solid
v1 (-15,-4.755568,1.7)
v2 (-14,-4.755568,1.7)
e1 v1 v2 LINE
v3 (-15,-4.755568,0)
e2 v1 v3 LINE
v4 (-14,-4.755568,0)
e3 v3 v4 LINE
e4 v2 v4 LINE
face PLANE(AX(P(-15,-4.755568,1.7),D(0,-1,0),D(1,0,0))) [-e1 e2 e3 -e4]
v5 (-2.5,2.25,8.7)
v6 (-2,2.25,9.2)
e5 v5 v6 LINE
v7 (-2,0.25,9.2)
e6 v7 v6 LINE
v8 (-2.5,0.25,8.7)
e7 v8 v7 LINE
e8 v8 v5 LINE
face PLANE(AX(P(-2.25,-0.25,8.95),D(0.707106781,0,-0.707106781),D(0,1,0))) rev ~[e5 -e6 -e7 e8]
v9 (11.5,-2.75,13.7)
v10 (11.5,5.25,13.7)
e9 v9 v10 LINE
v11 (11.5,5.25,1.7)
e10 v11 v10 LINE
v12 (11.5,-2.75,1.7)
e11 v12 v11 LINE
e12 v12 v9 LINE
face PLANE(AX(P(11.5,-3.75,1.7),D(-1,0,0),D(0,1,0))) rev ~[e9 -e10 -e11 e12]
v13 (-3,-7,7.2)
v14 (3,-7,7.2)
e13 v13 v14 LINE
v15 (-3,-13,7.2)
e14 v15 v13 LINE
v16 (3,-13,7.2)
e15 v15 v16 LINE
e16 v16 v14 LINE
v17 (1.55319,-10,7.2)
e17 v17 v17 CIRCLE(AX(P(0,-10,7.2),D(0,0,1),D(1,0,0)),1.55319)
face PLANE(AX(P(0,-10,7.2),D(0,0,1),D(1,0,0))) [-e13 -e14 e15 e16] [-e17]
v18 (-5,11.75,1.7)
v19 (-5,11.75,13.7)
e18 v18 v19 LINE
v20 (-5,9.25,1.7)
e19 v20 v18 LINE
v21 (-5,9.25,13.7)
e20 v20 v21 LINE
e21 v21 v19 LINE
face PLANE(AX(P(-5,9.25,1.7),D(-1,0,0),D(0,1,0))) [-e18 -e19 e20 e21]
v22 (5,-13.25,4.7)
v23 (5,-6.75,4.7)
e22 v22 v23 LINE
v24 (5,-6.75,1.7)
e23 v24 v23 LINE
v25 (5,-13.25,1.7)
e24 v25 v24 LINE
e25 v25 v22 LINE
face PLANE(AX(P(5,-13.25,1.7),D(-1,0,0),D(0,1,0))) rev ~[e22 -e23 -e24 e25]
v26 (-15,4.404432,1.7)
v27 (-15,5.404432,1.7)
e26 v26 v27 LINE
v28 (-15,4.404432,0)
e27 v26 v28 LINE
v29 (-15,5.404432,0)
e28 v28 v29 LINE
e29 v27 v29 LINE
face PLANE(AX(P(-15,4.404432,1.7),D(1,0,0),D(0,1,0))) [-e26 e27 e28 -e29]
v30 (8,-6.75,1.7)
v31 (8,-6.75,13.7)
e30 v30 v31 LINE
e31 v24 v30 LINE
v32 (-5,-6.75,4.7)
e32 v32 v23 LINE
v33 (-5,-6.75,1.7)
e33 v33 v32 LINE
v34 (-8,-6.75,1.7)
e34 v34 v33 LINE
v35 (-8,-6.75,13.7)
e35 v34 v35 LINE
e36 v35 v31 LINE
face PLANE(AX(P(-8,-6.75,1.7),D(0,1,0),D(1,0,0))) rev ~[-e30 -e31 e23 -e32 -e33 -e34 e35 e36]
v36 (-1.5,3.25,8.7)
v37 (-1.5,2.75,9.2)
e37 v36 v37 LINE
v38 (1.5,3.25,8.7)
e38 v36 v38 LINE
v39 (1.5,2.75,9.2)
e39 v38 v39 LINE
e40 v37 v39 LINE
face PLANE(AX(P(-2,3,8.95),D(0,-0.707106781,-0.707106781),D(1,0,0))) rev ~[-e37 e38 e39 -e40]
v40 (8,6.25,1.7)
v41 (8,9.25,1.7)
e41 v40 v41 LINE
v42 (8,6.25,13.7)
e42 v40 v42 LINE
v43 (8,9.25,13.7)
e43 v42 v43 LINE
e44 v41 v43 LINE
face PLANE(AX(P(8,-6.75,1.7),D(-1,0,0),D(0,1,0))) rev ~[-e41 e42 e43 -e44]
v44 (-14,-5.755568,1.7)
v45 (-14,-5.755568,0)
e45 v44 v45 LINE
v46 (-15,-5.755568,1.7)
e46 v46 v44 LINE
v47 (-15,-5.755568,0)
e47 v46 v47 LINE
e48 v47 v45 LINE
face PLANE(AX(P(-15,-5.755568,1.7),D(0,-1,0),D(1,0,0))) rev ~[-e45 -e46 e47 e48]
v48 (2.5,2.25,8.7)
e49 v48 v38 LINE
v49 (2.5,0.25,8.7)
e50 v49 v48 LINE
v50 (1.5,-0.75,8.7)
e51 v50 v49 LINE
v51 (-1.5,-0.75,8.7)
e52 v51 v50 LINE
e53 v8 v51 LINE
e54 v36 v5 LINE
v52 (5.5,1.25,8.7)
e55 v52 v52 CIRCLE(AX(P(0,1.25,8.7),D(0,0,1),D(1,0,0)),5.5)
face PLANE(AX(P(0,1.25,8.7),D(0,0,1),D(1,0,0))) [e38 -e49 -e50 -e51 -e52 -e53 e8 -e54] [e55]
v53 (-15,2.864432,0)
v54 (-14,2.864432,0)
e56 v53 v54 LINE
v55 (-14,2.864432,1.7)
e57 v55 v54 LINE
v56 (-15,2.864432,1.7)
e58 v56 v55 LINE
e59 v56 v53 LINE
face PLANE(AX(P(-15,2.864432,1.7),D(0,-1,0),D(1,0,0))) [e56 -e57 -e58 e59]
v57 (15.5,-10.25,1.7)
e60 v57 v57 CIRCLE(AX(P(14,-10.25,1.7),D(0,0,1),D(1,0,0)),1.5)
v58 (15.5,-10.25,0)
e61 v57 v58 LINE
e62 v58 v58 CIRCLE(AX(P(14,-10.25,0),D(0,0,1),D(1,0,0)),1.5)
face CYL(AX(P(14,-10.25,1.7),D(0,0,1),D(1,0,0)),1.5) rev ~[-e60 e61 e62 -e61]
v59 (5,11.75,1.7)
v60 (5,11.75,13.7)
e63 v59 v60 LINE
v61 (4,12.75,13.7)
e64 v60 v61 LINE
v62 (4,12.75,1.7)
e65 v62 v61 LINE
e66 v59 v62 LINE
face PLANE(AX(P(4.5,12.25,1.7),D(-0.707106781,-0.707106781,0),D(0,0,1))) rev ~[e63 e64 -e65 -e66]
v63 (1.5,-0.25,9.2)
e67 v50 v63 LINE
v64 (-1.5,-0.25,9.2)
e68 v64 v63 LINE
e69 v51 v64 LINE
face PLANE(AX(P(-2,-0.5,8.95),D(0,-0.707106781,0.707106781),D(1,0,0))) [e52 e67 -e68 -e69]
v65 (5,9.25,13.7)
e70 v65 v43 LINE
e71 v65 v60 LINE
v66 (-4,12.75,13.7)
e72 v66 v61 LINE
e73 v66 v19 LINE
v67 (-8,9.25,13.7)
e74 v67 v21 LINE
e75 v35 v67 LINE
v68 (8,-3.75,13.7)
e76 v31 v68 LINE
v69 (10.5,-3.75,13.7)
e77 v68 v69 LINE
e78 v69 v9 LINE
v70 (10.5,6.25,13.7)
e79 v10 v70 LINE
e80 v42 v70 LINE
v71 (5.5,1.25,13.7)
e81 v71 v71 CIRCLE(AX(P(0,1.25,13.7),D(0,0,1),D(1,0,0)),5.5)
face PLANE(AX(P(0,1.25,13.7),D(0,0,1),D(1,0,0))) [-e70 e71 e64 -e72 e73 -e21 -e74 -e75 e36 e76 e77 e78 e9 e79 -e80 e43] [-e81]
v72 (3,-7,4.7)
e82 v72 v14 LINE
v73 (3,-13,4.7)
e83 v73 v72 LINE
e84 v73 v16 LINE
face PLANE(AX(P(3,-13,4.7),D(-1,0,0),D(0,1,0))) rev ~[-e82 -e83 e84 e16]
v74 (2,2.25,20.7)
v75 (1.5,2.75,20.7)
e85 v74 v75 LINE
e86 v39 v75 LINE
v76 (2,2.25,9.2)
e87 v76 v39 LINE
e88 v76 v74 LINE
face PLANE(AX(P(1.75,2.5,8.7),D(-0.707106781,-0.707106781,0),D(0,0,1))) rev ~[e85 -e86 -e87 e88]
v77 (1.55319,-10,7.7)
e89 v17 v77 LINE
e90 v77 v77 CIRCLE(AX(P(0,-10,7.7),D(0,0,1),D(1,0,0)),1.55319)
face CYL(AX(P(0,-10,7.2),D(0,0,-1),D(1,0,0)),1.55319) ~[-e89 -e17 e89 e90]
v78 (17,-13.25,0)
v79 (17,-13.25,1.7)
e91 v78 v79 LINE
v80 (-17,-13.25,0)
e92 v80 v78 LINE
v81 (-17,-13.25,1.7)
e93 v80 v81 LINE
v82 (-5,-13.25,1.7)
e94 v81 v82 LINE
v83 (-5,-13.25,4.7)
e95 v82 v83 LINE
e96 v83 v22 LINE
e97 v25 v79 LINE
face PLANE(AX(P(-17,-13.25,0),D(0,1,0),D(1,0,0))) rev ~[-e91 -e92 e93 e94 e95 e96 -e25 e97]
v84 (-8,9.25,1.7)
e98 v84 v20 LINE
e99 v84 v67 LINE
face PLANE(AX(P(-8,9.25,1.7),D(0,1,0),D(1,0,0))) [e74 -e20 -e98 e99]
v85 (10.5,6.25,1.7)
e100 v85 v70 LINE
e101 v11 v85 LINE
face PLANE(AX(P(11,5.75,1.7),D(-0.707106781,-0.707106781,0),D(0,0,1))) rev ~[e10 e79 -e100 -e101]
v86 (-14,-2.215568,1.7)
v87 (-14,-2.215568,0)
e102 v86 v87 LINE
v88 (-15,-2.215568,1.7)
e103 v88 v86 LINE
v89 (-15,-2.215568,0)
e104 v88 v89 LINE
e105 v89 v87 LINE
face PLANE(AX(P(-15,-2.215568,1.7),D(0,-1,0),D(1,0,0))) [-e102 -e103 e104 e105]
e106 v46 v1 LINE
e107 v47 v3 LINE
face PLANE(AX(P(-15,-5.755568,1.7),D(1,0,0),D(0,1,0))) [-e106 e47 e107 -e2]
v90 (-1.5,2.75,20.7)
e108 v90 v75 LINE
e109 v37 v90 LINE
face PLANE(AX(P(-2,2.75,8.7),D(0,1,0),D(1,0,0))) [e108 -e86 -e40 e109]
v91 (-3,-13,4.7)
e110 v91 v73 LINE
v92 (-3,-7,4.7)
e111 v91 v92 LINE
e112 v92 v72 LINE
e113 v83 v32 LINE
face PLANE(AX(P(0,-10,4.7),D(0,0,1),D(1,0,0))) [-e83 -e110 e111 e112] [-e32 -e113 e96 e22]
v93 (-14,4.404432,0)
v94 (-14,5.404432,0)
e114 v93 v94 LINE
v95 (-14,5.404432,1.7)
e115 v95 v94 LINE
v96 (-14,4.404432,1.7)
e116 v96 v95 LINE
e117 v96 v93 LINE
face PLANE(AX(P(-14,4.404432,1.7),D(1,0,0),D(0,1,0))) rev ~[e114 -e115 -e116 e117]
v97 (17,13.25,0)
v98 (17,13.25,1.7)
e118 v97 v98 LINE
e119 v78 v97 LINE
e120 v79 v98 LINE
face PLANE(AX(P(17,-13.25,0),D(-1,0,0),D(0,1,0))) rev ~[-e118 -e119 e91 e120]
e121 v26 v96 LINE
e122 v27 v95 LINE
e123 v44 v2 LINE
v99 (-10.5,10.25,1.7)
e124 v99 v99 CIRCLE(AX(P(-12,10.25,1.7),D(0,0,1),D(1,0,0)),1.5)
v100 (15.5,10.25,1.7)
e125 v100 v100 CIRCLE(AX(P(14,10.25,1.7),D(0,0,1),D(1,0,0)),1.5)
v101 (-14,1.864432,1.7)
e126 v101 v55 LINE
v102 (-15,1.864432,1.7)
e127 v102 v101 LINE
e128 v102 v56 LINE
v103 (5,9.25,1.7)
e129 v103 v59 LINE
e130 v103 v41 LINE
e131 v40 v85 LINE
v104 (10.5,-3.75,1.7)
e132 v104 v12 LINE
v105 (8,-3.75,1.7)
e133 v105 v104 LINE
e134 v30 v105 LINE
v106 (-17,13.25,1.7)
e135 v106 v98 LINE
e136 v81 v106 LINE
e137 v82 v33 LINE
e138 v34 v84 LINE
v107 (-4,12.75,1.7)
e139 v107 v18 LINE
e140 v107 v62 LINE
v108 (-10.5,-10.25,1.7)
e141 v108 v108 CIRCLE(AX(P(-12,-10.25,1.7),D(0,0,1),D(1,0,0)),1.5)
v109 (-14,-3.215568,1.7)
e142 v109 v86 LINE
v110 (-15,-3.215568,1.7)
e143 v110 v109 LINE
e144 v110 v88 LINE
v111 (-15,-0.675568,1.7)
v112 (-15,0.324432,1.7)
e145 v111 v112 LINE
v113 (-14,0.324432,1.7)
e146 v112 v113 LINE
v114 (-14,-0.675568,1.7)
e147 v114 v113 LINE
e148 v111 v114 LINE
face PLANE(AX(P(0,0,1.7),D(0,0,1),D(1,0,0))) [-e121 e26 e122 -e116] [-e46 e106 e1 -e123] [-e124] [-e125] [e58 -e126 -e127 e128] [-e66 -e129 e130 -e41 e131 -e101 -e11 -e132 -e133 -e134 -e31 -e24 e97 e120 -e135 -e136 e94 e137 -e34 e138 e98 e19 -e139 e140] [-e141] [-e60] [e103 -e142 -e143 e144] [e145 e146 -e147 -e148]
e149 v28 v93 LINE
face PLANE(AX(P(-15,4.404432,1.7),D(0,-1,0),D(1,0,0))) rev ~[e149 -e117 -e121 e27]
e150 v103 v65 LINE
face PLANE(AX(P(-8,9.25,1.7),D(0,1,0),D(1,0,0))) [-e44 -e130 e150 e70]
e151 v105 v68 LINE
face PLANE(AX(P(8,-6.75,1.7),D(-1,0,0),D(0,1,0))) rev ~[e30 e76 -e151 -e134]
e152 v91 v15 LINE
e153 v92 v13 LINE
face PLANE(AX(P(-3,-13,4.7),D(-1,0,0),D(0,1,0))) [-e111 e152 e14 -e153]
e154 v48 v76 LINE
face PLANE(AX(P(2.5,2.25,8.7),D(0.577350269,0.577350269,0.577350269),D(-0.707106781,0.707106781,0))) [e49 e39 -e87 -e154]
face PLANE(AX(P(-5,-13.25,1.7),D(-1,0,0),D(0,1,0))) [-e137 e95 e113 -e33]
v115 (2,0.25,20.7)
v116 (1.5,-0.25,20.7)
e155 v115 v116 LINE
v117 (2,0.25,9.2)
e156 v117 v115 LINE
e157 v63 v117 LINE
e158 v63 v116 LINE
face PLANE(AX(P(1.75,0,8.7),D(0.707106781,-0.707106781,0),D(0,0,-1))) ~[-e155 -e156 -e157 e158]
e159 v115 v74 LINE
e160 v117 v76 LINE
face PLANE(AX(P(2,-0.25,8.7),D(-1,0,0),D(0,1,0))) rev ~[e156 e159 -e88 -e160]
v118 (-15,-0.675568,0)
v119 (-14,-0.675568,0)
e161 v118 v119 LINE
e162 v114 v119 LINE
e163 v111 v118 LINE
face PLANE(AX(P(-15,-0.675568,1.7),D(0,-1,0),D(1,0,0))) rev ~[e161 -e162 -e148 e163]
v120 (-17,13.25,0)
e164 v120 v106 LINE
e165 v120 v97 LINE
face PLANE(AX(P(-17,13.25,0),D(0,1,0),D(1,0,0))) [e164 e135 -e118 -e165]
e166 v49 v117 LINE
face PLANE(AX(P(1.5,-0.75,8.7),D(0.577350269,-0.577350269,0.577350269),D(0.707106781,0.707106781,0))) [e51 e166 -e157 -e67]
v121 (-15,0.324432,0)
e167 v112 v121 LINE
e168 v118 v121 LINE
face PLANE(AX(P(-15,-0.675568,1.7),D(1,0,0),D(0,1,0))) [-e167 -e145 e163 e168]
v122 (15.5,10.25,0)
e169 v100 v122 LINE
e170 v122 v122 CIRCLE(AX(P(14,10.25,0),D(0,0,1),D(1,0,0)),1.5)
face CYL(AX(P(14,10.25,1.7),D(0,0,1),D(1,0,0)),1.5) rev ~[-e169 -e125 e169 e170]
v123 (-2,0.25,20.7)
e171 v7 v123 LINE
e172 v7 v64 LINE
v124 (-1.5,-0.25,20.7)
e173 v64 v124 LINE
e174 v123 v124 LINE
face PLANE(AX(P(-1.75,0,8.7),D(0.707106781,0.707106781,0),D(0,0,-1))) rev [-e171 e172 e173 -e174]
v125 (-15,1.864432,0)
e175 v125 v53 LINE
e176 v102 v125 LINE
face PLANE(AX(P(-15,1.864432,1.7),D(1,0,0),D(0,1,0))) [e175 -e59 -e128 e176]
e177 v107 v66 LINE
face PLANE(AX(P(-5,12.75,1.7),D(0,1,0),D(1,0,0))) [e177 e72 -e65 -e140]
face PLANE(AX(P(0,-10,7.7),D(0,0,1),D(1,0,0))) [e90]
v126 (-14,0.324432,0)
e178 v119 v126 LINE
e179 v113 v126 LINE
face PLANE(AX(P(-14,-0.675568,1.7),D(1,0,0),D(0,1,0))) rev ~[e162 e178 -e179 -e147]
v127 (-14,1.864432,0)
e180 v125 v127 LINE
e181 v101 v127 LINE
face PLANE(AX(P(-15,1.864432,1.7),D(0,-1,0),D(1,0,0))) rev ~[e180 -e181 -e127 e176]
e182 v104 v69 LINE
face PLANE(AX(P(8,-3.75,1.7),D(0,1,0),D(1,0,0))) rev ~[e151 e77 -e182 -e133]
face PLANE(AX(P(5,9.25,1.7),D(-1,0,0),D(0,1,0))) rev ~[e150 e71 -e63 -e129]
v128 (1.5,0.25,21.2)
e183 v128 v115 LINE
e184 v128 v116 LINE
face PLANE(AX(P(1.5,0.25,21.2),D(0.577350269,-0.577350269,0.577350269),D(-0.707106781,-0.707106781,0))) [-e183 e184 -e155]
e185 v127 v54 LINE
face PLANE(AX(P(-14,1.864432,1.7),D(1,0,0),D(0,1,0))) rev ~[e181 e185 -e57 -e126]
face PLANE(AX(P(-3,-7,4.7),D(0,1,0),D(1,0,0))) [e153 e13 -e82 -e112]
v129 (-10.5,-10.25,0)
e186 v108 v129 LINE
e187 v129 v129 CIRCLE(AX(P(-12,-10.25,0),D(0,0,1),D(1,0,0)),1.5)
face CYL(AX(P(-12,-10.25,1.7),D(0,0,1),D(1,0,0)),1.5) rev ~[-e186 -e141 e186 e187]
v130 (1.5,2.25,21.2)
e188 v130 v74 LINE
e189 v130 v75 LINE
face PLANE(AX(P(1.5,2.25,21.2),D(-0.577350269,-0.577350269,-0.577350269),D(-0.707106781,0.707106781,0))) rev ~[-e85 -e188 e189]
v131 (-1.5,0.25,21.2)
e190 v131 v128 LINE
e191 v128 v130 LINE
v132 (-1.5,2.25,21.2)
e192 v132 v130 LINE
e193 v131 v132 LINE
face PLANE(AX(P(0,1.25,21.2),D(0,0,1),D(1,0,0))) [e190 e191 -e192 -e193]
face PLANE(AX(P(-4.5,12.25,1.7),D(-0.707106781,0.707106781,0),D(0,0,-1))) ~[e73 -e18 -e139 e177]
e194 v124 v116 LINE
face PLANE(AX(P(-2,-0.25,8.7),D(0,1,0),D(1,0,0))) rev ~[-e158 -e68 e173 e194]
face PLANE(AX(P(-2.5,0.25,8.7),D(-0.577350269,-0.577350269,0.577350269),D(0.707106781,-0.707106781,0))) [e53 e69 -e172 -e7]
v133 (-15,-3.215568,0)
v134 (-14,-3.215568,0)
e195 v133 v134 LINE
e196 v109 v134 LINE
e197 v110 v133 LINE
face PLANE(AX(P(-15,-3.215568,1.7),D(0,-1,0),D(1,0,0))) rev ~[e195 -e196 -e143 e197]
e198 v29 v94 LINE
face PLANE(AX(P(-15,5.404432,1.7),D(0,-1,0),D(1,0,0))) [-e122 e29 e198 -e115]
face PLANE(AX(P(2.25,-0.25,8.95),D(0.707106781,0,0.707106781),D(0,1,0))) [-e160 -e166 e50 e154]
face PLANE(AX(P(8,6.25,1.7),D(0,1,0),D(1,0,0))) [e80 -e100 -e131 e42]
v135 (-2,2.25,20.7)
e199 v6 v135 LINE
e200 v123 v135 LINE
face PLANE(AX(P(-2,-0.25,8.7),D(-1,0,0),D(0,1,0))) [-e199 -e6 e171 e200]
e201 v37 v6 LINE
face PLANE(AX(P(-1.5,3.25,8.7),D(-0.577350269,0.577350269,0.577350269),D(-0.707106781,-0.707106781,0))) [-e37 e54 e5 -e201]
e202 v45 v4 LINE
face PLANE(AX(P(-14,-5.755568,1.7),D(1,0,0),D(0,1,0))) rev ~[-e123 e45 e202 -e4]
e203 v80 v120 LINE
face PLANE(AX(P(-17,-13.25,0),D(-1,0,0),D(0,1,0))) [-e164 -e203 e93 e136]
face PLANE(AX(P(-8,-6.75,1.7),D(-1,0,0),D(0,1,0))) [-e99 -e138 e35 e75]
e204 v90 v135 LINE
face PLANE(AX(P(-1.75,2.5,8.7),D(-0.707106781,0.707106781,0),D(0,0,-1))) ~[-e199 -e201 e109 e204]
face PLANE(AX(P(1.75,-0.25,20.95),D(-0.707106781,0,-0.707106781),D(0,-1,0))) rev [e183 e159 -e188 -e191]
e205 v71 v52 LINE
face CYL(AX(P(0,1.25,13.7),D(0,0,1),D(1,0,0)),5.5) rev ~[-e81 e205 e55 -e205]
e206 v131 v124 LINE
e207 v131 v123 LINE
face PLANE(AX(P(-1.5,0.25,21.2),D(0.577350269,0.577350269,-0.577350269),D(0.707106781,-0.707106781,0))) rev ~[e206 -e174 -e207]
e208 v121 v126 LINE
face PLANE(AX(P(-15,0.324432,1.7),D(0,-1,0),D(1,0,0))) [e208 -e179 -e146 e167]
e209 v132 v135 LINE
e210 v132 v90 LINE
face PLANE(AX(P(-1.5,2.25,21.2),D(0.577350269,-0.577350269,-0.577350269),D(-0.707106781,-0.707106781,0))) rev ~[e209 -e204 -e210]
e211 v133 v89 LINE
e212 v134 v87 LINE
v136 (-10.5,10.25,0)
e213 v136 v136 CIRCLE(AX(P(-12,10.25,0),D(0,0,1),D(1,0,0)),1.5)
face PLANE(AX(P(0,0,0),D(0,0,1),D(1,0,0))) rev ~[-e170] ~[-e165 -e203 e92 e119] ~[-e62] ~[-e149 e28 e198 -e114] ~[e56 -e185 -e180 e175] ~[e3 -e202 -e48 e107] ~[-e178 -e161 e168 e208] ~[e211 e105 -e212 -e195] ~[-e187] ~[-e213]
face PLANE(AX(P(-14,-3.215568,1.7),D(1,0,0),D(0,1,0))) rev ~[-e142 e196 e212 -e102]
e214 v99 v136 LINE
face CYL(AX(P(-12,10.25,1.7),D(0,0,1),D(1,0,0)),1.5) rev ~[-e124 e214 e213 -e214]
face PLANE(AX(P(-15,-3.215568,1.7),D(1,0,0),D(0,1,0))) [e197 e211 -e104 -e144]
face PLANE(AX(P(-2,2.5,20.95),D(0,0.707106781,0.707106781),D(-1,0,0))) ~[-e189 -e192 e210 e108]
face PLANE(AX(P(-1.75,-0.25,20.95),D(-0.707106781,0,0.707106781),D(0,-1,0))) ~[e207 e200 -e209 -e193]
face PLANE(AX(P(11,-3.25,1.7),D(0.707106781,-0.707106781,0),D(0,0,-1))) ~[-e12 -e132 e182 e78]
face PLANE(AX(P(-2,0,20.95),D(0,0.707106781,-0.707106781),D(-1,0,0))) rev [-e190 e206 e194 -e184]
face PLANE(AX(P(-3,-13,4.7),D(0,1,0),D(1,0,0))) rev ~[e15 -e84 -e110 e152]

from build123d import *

# Parameters (mm, degrees)
SKETCH_1_W          = 34
SKETCH_1_H          = 26.5
EXTRUDE_1_DEPTH     = 1.7
SKETCH_2_W          = 16
SKETCH_2_H          = 16
EXTRUDE_2_DEPTH     = 12
SKETCH_3_W          = 10
SKETCH_3_H          = 6.5
EXTRUDE_3_DEPTH     = 3
SKETCH_4_W          = 6
SKETCH_4_H          = 6
EXTRUDE_4_DEPTH     = 2.5
SKETCH_5_R          = 1.553190153
EXTRUDE_5_DEPTH     = 0.5
SKETCH_6_W          = 10
SKETCH_6_H          = 3.5
SKETCH_6_W_2        = 3.5
SKETCH_6_H_2        = 10
EXTRUDE_6_DEPTH     = 12
CHAMFER_1_SIZE      = 1
SKETCH_7_R          = 5.5
CUT_EXTRUDE_1_DEPTH = 5
SKETCH_8_W          = 4
SKETCH_8_H          = 3
EXTRUDE_7_DEPTH     = 12.5
CHAMFER_2_SIZE      = 0.5
SKETCH_9_R          = 1.5
CUT_EXTRUDE_2_DEPTH = 30.065658431
SKETCH_10_W         = 1
SKETCH_10_H         = 1
CUT_EXTRUDE_3_DEPTH = 30.065658431


with BuildPart() as part:
    # Эскиз1 → Бобышка-Вытянуть1 (new body)
    with BuildSketch(Plane.XY):
        Rectangle(SKETCH_1_W, SKETCH_1_H)
    extrude(amount=EXTRUDE_1_DEPTH)

    # Эскиз2 → Бобышка-Вытянуть2 (add)
    with BuildSketch(Plane.XY.offset(1.7)):
        with Locations((0, 1.25)):
            Rectangle(SKETCH_2_W, SKETCH_2_H)
    extrude(amount=EXTRUDE_2_DEPTH)

    # Эскиз3 → Бобышка-Вытянуть3 (add)
    with BuildSketch(Plane.XY.offset(1.7)):
        with Locations((0, -10)):
            Rectangle(SKETCH_3_W, SKETCH_3_H)
    extrude(amount=EXTRUDE_3_DEPTH)

    # Эскиз4 → Бобышка-Вытянуть4 (add)
    with BuildSketch(Plane.XY.offset(4.7)):
        with Locations((0, -10)):
            Rectangle(SKETCH_4_W, SKETCH_4_H)
    extrude(amount=EXTRUDE_4_DEPTH)

    # Эскиз5 → Бобышка-Вытянуть5 (add)
    with BuildSketch(Plane.XY.offset(7.2)):
        with Locations((0, -10)):
            Circle(SKETCH_5_R)
    extrude(amount=EXTRUDE_5_DEPTH)

    # Эскиз6 → Бобышка-Вытянуть6 (add)
    with BuildSketch(Plane.XY.offset(1.7)):
        with Locations((0, 11)):
            Rectangle(SKETCH_6_W, SKETCH_6_H)
        with Locations((9.75, 1.25)):
            Rectangle(SKETCH_6_W_2, SKETCH_6_H_2)
    extrude(amount=EXTRUDE_6_DEPTH)

    # Фаска1
    chamfer_1_edges = [part.edges().sort_by_distance(p)[0] for p in [
        (5, 12.75, 7.7),
        (-5, 12.75, 7.7),
        (11.5, -3.75, 7.7),
        (11.5, 6.25, 7.7),
    ]]
    chamfer(chamfer_1_edges, length=CHAMFER_1_SIZE)

    # Эскиз7 → Вырез-Вытянуть1 (cut)
    with BuildSketch(Plane.XY.offset(13.7)):
        with Locations((0, 1.25)):
            Circle(SKETCH_7_R)
    extrude(amount=-CUT_EXTRUDE_1_DEPTH, mode=Mode.SUBTRACT)

    # Эскиз8 → Бобышка-Вытянуть7 (add)
    with BuildSketch(Plane.XY.offset(8.7)):
        with Locations((0, 1.25)):
            Rectangle(SKETCH_8_W, SKETCH_8_H)
    extrude(amount=EXTRUDE_7_DEPTH)

    # Фаска2
    chamfer_2_edges = [part.edges().sort_by_distance(p)[0] for p in [
        (2, 1.25, 8.7),
        (2, -0.25, 14.95),
        (0, 2.75, 8.7),
        (2, 2.75, 14.95),
        (-2, 1.25, 8.7),
        (-2, 2.75, 14.95),
        (0, -0.25, 8.7),
        (-2, -0.25, 14.95),
        (2, 1.25, 21.2),
        (0, 2.75, 21.2),
        (-2, 1.25, 21.2),
        (0, -0.25, 21.2),
    ]]
    chamfer(chamfer_2_edges, length=CHAMFER_2_SIZE)

    # Эскиз9 → Вырез-Вытянуть2 (cut, through all)
    with BuildSketch(Plane.XY.offset(1.7)):
        with Locations((14, 10.25)):
            Circle(SKETCH_9_R)
        with Locations((14, -10.25)):
            Circle(SKETCH_9_R)
        with Locations((-12, 10.25)):
            Circle(SKETCH_9_R)
        with Locations((-12, -10.25)):
            Circle(SKETCH_9_R)
    extrude(amount=-CUT_EXTRUDE_2_DEPTH, mode=Mode.SUBTRACT)

    # Эскиз10 → Вырез-Вытянуть3 (cut, through all)
    with BuildSketch(Plane.XY.offset(1.7)):
        with Locations((-14.5, 2.364432177)):
            Rectangle(SKETCH_10_W, SKETCH_10_H)
        with Locations((-14.5, 4.904432177)):
            Rectangle(SKETCH_10_W, SKETCH_10_H)
        with Locations((-14.5, -0.175567823)):
            Rectangle(SKETCH_10_W, SKETCH_10_H)
        with Locations((-14.5, -2.715567823)):
            Rectangle(SKETCH_10_W, SKETCH_10_H)
        with Locations((-14.5, -5.255567823)):
            Rectangle(SKETCH_10_W, SKETCH_10_H)
    extrude(amount=-CUT_EXTRUDE_3_DEPTH, mode=Mode.SUBTRACT)


solid = part.part
